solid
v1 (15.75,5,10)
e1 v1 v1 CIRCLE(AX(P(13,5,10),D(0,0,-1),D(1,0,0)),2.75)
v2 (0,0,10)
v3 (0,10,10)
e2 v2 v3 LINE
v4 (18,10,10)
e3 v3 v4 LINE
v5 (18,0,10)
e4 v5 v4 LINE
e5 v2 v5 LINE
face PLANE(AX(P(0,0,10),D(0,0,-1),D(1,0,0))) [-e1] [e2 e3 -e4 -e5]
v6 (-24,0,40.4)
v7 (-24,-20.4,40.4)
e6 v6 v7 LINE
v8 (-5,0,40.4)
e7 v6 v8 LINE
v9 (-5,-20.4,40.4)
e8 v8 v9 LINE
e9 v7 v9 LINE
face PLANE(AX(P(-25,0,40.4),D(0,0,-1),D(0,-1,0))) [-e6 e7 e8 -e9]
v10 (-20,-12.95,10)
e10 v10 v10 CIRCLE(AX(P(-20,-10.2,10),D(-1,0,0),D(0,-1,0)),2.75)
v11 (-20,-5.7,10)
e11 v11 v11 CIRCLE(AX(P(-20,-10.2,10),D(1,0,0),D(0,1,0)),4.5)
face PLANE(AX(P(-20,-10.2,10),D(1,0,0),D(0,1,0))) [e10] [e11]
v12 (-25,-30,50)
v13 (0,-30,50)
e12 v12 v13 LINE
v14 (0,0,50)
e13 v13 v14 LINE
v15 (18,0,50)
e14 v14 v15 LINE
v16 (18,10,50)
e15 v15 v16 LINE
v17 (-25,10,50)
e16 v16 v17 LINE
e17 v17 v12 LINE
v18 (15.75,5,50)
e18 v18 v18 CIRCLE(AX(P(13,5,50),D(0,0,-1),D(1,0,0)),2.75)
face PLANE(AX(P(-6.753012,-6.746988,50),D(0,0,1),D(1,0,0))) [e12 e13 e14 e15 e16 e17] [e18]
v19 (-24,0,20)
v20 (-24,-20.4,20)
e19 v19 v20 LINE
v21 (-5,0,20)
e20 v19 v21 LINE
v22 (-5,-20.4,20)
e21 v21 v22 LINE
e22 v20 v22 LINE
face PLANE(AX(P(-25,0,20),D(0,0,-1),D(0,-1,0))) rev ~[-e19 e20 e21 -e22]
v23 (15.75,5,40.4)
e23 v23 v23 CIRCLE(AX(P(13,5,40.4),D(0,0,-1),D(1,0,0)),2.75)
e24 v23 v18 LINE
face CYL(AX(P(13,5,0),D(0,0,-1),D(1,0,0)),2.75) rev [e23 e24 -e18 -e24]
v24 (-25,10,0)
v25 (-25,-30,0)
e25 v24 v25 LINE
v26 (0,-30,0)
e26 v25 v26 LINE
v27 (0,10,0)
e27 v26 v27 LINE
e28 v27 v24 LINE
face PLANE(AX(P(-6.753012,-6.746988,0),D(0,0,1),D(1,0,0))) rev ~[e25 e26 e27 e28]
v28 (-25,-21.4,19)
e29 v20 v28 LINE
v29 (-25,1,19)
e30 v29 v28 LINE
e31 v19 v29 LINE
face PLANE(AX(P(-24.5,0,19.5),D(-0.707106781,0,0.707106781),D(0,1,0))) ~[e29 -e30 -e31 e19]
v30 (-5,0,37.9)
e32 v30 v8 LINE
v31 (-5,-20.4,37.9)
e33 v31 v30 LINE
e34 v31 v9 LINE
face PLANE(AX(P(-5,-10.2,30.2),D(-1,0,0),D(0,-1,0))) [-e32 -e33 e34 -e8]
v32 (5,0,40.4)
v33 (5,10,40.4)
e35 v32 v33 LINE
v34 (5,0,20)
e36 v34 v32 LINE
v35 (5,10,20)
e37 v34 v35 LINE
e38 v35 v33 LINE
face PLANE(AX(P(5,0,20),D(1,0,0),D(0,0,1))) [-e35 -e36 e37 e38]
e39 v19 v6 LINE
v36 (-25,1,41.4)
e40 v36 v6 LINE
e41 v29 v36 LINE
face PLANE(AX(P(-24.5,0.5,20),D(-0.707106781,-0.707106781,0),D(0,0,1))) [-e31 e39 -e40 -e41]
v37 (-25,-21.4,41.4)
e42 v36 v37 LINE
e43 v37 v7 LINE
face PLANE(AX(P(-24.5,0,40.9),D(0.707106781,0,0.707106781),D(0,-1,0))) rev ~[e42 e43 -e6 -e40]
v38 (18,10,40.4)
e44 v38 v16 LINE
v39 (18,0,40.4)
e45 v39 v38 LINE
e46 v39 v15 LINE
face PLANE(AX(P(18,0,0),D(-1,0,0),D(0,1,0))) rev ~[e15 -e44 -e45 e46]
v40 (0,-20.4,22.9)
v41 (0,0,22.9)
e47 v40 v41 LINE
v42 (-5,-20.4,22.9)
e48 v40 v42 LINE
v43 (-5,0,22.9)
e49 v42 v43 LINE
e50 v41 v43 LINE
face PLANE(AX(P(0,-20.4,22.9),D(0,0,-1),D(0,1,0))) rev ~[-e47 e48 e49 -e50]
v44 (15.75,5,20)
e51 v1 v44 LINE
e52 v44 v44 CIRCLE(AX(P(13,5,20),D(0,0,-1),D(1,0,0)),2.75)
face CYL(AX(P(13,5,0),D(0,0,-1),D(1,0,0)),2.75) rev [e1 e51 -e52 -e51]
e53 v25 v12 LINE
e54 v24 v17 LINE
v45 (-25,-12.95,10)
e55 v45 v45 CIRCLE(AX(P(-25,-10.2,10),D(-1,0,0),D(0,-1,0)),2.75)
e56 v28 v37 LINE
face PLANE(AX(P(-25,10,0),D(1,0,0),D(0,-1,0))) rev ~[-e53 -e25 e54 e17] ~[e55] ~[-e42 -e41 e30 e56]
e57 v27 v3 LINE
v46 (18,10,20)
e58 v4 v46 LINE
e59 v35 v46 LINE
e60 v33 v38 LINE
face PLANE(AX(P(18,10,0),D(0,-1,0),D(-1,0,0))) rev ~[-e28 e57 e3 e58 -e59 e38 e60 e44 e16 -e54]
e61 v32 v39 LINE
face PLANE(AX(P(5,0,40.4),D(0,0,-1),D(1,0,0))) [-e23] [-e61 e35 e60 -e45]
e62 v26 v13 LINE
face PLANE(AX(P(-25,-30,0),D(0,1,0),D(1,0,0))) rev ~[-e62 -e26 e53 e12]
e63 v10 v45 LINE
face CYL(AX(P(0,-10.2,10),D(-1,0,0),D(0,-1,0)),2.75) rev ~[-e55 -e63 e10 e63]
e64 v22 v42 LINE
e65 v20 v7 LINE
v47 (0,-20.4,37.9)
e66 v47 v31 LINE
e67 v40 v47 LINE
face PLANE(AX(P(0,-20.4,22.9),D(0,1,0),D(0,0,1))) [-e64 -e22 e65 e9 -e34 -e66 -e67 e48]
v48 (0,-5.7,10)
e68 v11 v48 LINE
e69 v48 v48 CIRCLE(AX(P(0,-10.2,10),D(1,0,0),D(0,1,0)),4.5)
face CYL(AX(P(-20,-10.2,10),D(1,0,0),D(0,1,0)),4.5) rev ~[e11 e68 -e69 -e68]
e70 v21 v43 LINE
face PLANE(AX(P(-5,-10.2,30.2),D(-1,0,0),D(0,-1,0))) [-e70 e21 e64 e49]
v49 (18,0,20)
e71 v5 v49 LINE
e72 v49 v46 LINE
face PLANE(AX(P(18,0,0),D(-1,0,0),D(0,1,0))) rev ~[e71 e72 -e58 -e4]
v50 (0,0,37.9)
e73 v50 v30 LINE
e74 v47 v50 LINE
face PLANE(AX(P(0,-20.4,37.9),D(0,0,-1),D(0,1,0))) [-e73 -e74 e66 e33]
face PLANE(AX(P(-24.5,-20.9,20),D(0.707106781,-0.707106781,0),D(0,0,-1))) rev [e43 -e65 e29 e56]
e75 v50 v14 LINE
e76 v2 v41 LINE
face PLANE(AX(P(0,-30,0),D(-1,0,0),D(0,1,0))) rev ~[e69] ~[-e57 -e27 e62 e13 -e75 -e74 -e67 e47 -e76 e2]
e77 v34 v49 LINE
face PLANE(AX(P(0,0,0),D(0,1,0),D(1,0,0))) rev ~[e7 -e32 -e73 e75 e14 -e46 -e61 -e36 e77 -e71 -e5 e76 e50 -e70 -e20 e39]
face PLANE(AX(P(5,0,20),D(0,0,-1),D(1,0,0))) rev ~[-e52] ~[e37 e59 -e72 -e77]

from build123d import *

# Parameters (mm, degrees)
PAD_DEPTH        = 50
SKETCH001_W      = 13
SKETCH001_H      = 20.4
SKETCH001_W_2    = 18
SKETCH001_H_2    = 10
POCKET_DEPTH     = 10.001
SKETCH002_W      = 20.4
SKETCH002_H      = 20.4
POCKET001_DEPTH  = 20
SKETCH003_W      = 20.4
SKETCH003_H      = 15
POCKET002_DEPTH  = 5
HOLE_D           = 5.5
HOLE_CBORE_D     = 9
HOLE_CBORE_DEPTH = 20
SKETCH005_R      = 2.75
HOLE001_DEPTH    = 50.001
CHAMFER_SIZE     = 1


with BuildPart() as part:
    # Sketch → Pad (new body)
    with BuildSketch(Plane.XY):
        Polygon((0, 0), (18, 0), (18, 10), (-25, 10), (-25, -30), (0, -30), align=None)
    extrude(amount=PAD_DEPTH)

    # Sketch001 → Pocket (cut, through all)
    with BuildSketch(Plane.XZ):
        with Locations((11.5, 30.2)):
            Rectangle(SKETCH001_W, SKETCH001_H)
        with Locations((9, 5)):
            Rectangle(SKETCH001_W_2, SKETCH001_H_2)
    extrude(amount=-POCKET_DEPTH, mode=Mode.SUBTRACT)

    # Sketch002 (on Face12 of Pocket) → Pocket001 (cut)
    with BuildSketch(Plane(origin=(-25, 0, 0), x_dir=(0, -1, 0), z_dir=(-1, 0, 0))):
        with Locations((10.2, 30.2)):
            Rectangle(SKETCH002_W, SKETCH002_H)
    extrude(amount=-POCKET001_DEPTH, mode=Mode.SUBTRACT)

    # Sketch003 → Pocket002 (cut)
    with BuildSketch(Plane.YZ):
        with Locations((-10.2, 30.4)):
            Rectangle(SKETCH003_W, SKETCH003_H)
    extrude(amount=-POCKET002_DEPTH, mode=Mode.SUBTRACT)

    # Hole (through all)
    with Locations(Plane.YZ):
        with Locations((-10.2, 10)):
            CounterBoreHole(HOLE_D / 2, HOLE_CBORE_D / 2, HOLE_CBORE_DEPTH)

    # Sketch005 → Hole001 (cut, through all)
    with BuildSketch(Plane.XY):
        with Locations((13, 5)):
            Circle(SKETCH005_R)
    extrude(amount=HOLE001_DEPTH, mode=Mode.SUBTRACT)

    # Chamfer
    chamfer_edges = [part.edges().sort_by_distance(p)[0] for p in [
        (-25, -10.2, 40.4),
        (-25, 0, 30.2),
        (-25, -10.2, 20),
        (-25, -20.4, 30.2),
    ]]
    chamfer(chamfer_edges, length=CHAMFER_SIZE)


solid = part.part
